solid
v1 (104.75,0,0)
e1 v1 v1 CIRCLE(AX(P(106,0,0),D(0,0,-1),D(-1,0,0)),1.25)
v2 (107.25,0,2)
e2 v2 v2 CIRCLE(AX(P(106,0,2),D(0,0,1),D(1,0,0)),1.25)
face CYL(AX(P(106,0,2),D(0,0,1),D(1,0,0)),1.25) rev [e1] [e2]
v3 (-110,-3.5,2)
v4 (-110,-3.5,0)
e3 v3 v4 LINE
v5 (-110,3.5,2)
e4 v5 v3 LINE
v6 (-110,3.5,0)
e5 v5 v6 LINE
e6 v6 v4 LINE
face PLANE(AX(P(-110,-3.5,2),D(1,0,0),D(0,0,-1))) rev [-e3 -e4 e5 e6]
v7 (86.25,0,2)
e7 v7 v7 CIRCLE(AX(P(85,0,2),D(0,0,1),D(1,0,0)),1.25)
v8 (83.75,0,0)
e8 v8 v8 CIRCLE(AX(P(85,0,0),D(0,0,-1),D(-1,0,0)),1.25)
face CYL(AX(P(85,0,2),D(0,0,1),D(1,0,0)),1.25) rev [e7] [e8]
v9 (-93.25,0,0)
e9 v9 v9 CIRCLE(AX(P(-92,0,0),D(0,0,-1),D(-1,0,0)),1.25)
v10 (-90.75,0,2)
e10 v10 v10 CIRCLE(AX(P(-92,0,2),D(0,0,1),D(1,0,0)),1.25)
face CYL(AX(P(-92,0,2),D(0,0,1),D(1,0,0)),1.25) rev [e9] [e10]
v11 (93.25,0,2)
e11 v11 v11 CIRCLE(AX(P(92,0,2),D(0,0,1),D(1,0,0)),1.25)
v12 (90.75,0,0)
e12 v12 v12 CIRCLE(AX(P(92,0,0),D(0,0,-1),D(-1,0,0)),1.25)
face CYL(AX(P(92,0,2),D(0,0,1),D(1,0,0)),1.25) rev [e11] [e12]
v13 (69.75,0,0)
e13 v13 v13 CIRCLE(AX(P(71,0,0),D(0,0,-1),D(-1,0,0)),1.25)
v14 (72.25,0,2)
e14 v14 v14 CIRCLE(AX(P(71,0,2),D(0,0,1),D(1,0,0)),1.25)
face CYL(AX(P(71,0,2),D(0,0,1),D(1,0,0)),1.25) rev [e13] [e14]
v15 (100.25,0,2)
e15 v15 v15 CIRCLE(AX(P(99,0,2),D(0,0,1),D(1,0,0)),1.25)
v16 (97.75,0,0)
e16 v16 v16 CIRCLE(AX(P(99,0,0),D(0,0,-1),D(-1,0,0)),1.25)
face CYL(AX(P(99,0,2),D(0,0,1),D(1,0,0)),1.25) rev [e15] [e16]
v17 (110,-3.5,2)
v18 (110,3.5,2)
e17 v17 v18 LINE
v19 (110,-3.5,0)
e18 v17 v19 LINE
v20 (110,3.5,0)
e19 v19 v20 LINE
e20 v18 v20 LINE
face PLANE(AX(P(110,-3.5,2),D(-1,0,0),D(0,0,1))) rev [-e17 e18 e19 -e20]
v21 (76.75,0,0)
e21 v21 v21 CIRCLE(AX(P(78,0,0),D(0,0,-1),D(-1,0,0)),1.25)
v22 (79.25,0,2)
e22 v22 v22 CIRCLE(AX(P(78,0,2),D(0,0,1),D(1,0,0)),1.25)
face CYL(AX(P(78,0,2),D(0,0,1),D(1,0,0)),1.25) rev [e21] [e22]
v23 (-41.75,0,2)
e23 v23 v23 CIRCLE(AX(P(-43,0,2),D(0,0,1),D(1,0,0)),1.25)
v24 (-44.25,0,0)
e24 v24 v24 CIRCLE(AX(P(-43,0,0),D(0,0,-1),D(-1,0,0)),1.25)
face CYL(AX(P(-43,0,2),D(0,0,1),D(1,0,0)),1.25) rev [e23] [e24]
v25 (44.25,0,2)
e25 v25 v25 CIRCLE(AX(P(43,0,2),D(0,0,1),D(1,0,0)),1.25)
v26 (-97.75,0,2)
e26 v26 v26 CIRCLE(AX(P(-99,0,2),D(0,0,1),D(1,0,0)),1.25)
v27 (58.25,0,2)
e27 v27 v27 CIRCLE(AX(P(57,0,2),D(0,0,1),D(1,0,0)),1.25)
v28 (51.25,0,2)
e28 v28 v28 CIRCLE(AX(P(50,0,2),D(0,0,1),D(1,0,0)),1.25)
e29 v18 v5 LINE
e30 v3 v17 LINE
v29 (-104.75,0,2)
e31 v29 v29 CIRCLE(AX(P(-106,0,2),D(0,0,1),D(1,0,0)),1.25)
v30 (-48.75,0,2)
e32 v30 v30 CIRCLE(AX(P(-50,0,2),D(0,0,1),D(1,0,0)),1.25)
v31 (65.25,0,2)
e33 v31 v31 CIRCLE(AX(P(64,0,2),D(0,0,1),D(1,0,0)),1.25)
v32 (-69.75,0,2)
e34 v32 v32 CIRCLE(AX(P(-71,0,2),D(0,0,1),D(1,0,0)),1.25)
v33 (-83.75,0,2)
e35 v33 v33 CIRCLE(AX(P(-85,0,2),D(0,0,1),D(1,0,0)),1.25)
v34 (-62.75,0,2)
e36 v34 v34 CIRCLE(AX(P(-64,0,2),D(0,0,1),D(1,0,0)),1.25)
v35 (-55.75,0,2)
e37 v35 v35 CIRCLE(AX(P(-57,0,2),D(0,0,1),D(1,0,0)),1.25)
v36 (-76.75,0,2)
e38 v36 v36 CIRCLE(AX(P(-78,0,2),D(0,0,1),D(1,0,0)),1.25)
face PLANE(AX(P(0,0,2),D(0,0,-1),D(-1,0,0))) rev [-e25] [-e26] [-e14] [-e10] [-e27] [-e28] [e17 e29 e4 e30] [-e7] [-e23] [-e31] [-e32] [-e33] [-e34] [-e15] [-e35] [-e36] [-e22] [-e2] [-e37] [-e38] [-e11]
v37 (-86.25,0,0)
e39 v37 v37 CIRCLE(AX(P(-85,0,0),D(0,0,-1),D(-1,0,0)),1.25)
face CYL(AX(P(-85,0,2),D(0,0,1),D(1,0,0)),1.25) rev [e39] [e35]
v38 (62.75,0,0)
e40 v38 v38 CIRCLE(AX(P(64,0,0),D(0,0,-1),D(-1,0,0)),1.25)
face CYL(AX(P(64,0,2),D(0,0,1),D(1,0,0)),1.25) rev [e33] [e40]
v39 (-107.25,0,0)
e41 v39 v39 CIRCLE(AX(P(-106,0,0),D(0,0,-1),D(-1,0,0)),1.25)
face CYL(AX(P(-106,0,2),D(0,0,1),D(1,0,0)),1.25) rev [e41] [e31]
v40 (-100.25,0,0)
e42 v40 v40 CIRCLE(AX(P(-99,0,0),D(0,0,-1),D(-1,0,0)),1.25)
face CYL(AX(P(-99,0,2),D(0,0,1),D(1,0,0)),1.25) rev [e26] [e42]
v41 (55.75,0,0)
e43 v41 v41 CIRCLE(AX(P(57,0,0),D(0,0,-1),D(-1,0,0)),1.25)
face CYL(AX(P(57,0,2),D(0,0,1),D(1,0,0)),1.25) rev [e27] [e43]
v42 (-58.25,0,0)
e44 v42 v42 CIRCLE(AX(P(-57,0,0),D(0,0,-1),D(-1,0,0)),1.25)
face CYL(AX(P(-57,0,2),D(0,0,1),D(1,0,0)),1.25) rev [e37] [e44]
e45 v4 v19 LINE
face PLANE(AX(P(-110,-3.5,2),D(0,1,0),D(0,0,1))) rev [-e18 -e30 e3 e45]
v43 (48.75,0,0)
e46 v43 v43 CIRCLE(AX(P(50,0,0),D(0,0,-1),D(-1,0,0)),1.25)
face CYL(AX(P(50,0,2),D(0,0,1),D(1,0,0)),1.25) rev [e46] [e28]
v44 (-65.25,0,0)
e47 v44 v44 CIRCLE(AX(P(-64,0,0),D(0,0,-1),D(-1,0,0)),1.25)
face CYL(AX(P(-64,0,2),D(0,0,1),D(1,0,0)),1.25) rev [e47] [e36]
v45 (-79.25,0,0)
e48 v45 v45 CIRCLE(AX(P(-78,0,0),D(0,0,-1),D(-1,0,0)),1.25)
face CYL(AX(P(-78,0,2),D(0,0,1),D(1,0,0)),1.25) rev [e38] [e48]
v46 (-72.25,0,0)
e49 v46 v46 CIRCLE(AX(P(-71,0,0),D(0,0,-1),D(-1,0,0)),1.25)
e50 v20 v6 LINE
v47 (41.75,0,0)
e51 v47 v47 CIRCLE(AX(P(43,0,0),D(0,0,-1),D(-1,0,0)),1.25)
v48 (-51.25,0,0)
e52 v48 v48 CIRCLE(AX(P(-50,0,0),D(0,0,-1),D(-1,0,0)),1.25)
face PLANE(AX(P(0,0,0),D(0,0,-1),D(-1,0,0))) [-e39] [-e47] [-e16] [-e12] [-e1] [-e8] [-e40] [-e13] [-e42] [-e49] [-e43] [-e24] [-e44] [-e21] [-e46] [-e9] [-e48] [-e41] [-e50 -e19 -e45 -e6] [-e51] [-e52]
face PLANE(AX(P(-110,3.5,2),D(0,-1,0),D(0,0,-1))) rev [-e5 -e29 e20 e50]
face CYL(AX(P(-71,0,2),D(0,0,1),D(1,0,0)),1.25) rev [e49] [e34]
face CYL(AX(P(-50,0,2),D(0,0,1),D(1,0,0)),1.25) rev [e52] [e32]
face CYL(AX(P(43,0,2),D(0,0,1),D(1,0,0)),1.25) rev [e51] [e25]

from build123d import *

# Parameters (mm, degrees)
SKETCH_1_W             = 220
SKETCH_1_H             = 7
EXTRUDE_1_DEPTH        = 2
PATTERN_LINEAR_2_COUNT = 10
PATTERN_LINEAR_2_PITCH = 7


with BuildPart() as part:
    # 草图1 → 凸台-拉伸1 (new body)
    with BuildSketch(Plane.XY):
        Rectangle(SKETCH_1_W, SKETCH_1_H)
    extrude(amount=EXTRUDE_1_DEPTH)

    # 草图6 → M3 螺纹孔2 (revolve, cut)
    with BuildSketch(Plane(origin=(-106, 0, 2), x_dir=(0, -1, 0), z_dir=(1, 0, 0))):
        Polygon((0, 0), (0, 8.251075774), (1.25, 7.5), (1.25, 0), align=None)
    hole_wizard_m3_2 = revolve(axis=Axis((-106, 0, 8.35), (0, 0, -1)), mode=Mode.SUBTRACT)

    # 阵列(线性)2: M3 螺纹孔2 ×10
    with Locations(*[(i * PATTERN_LINEAR_2_PITCH, 0, 0) for i in range(1, PATTERN_LINEAR_2_COUNT)]):
        add(hole_wizard_m3_2, mode=Mode.SUBTRACT)

    # 镜向1: M3 螺纹孔2 across plane
    add(hole_wizard_m3_2.mirror(Plane(origin=(0, 0, 0), x_dir=(0, 0, 1), z_dir=(1, 0, 0))), mode=Mode.SUBTRACT)

    # 镜向1 copy 1 sketch → 镜向1 copy 1 (revolve, cut)
    with BuildSketch(Plane(origin=(99, 0, 2), x_dir=(0, -1, 0), z_dir=(-1, 0, 0))):
        Polygon((0, 0), (0, -8.251075774), (1.25, -7.5), (1.25, 0), align=None)
    revolve(axis=Axis((99, 0, 8.35), (0, 0, 1)), mode=Mode.SUBTRACT)

    # 镜向1 copy 2 sketch → 镜向1 copy 2 (revolve, cut)
    with BuildSketch(Plane(origin=(92, 0, 2), x_dir=(0, -1, 0), z_dir=(-1, 0, 0))):
        Polygon((0, 0), (0, -8.251075774), (1.25, -7.5), (1.25, 0), align=None)
    revolve(axis=Axis((92, 0, 8.35), (0, 0, 1)), mode=Mode.SUBTRACT)

    # 镜向1 copy 3 sketch → 镜向1 copy 3 (revolve, cut)
    with BuildSketch(Plane(origin=(85, 0, 2), x_dir=(0, -1, 0), z_dir=(-1, 0, 0))):
        Polygon((0, 0), (0, -8.251075774), (1.25, -7.5), (1.25, 0), align=None)
    revolve(axis=Axis((85, 0, 8.35), (0, 0, 1)), mode=Mode.SUBTRACT)

    # 镜向1 copy 4 sketch → 镜向1 copy 4 (revolve, cut)
    with BuildSketch(Plane(origin=(78, 0, 2), x_dir=(0, -1, 0), z_dir=(-1, 0, 0))):
        Polygon((0, 0), (0, -8.251075774), (1.25, -7.5), (1.25, 0), align=None)
    revolve(axis=Axis((78, 0, 8.35), (0, 0, 1)), mode=Mode.SUBTRACT)

    # 镜向1 copy 5 sketch → 镜向1 copy 5 (revolve, cut)
    with BuildSketch(Plane(origin=(71, 0, 2), x_dir=(0, -1, 0), z_dir=(-1, 0, 0))):
        Polygon((0, 0), (0, -8.251075774), (1.25, -7.5), (1.25, 0), align=None)
    revolve(axis=Axis((71, 0, 8.35), (0, 0, 1)), mode=Mode.SUBTRACT)

    # 镜向1 copy 6 sketch → 镜向1 copy 6 (revolve, cut)
    with BuildSketch(Plane(origin=(64, 0, 2), x_dir=(0, -1, 0), z_dir=(-1, 0, 0))):
        Polygon((0, 0), (0, -8.251075774), (1.25, -7.5), (1.25, 0), align=None)
    revolve(axis=Axis((64, 0, 8.35), (0, 0, 1)), mode=Mode.SUBTRACT)

    # 镜向1 copy 7 sketch → 镜向1 copy 7 (revolve, cut)
    with BuildSketch(Plane(origin=(57, 0, 2), x_dir=(0, -1, 0), z_dir=(-1, 0, 0))):
        Polygon((0, 0), (0, -8.251075774), (1.25, -7.5), (1.25, 0), align=None)
    revolve(axis=Axis((57, 0, 8.35), (0, 0, 1)), mode=Mode.SUBTRACT)

    # 镜向1 copy 8 sketch → 镜向1 copy 8 (revolve, cut)
    with BuildSketch(Plane(origin=(50, 0, 2), x_dir=(0, -1, 0), z_dir=(-1, 0, 0))):
        Polygon((0, 0), (0, -8.251075774), (1.25, -7.5), (1.25, 0), align=None)
    revolve(axis=Axis((50, 0, 8.35), (0, 0, 1)), mode=Mode.SUBTRACT)

    # 镜向1 copy 9 sketch → 镜向1 copy 9 (revolve, cut)
    with BuildSketch(Plane(origin=(43, 0, 2), x_dir=(0, -1, 0), z_dir=(-1, 0, 0))):
        Polygon((0, 0), (0, -8.251075774), (1.25, -7.5), (1.25, 0), align=None)
    revolve(axis=Axis((43, 0, 8.35), (0, 0, 1)), mode=Mode.SUBTRACT)


solid = part.part
